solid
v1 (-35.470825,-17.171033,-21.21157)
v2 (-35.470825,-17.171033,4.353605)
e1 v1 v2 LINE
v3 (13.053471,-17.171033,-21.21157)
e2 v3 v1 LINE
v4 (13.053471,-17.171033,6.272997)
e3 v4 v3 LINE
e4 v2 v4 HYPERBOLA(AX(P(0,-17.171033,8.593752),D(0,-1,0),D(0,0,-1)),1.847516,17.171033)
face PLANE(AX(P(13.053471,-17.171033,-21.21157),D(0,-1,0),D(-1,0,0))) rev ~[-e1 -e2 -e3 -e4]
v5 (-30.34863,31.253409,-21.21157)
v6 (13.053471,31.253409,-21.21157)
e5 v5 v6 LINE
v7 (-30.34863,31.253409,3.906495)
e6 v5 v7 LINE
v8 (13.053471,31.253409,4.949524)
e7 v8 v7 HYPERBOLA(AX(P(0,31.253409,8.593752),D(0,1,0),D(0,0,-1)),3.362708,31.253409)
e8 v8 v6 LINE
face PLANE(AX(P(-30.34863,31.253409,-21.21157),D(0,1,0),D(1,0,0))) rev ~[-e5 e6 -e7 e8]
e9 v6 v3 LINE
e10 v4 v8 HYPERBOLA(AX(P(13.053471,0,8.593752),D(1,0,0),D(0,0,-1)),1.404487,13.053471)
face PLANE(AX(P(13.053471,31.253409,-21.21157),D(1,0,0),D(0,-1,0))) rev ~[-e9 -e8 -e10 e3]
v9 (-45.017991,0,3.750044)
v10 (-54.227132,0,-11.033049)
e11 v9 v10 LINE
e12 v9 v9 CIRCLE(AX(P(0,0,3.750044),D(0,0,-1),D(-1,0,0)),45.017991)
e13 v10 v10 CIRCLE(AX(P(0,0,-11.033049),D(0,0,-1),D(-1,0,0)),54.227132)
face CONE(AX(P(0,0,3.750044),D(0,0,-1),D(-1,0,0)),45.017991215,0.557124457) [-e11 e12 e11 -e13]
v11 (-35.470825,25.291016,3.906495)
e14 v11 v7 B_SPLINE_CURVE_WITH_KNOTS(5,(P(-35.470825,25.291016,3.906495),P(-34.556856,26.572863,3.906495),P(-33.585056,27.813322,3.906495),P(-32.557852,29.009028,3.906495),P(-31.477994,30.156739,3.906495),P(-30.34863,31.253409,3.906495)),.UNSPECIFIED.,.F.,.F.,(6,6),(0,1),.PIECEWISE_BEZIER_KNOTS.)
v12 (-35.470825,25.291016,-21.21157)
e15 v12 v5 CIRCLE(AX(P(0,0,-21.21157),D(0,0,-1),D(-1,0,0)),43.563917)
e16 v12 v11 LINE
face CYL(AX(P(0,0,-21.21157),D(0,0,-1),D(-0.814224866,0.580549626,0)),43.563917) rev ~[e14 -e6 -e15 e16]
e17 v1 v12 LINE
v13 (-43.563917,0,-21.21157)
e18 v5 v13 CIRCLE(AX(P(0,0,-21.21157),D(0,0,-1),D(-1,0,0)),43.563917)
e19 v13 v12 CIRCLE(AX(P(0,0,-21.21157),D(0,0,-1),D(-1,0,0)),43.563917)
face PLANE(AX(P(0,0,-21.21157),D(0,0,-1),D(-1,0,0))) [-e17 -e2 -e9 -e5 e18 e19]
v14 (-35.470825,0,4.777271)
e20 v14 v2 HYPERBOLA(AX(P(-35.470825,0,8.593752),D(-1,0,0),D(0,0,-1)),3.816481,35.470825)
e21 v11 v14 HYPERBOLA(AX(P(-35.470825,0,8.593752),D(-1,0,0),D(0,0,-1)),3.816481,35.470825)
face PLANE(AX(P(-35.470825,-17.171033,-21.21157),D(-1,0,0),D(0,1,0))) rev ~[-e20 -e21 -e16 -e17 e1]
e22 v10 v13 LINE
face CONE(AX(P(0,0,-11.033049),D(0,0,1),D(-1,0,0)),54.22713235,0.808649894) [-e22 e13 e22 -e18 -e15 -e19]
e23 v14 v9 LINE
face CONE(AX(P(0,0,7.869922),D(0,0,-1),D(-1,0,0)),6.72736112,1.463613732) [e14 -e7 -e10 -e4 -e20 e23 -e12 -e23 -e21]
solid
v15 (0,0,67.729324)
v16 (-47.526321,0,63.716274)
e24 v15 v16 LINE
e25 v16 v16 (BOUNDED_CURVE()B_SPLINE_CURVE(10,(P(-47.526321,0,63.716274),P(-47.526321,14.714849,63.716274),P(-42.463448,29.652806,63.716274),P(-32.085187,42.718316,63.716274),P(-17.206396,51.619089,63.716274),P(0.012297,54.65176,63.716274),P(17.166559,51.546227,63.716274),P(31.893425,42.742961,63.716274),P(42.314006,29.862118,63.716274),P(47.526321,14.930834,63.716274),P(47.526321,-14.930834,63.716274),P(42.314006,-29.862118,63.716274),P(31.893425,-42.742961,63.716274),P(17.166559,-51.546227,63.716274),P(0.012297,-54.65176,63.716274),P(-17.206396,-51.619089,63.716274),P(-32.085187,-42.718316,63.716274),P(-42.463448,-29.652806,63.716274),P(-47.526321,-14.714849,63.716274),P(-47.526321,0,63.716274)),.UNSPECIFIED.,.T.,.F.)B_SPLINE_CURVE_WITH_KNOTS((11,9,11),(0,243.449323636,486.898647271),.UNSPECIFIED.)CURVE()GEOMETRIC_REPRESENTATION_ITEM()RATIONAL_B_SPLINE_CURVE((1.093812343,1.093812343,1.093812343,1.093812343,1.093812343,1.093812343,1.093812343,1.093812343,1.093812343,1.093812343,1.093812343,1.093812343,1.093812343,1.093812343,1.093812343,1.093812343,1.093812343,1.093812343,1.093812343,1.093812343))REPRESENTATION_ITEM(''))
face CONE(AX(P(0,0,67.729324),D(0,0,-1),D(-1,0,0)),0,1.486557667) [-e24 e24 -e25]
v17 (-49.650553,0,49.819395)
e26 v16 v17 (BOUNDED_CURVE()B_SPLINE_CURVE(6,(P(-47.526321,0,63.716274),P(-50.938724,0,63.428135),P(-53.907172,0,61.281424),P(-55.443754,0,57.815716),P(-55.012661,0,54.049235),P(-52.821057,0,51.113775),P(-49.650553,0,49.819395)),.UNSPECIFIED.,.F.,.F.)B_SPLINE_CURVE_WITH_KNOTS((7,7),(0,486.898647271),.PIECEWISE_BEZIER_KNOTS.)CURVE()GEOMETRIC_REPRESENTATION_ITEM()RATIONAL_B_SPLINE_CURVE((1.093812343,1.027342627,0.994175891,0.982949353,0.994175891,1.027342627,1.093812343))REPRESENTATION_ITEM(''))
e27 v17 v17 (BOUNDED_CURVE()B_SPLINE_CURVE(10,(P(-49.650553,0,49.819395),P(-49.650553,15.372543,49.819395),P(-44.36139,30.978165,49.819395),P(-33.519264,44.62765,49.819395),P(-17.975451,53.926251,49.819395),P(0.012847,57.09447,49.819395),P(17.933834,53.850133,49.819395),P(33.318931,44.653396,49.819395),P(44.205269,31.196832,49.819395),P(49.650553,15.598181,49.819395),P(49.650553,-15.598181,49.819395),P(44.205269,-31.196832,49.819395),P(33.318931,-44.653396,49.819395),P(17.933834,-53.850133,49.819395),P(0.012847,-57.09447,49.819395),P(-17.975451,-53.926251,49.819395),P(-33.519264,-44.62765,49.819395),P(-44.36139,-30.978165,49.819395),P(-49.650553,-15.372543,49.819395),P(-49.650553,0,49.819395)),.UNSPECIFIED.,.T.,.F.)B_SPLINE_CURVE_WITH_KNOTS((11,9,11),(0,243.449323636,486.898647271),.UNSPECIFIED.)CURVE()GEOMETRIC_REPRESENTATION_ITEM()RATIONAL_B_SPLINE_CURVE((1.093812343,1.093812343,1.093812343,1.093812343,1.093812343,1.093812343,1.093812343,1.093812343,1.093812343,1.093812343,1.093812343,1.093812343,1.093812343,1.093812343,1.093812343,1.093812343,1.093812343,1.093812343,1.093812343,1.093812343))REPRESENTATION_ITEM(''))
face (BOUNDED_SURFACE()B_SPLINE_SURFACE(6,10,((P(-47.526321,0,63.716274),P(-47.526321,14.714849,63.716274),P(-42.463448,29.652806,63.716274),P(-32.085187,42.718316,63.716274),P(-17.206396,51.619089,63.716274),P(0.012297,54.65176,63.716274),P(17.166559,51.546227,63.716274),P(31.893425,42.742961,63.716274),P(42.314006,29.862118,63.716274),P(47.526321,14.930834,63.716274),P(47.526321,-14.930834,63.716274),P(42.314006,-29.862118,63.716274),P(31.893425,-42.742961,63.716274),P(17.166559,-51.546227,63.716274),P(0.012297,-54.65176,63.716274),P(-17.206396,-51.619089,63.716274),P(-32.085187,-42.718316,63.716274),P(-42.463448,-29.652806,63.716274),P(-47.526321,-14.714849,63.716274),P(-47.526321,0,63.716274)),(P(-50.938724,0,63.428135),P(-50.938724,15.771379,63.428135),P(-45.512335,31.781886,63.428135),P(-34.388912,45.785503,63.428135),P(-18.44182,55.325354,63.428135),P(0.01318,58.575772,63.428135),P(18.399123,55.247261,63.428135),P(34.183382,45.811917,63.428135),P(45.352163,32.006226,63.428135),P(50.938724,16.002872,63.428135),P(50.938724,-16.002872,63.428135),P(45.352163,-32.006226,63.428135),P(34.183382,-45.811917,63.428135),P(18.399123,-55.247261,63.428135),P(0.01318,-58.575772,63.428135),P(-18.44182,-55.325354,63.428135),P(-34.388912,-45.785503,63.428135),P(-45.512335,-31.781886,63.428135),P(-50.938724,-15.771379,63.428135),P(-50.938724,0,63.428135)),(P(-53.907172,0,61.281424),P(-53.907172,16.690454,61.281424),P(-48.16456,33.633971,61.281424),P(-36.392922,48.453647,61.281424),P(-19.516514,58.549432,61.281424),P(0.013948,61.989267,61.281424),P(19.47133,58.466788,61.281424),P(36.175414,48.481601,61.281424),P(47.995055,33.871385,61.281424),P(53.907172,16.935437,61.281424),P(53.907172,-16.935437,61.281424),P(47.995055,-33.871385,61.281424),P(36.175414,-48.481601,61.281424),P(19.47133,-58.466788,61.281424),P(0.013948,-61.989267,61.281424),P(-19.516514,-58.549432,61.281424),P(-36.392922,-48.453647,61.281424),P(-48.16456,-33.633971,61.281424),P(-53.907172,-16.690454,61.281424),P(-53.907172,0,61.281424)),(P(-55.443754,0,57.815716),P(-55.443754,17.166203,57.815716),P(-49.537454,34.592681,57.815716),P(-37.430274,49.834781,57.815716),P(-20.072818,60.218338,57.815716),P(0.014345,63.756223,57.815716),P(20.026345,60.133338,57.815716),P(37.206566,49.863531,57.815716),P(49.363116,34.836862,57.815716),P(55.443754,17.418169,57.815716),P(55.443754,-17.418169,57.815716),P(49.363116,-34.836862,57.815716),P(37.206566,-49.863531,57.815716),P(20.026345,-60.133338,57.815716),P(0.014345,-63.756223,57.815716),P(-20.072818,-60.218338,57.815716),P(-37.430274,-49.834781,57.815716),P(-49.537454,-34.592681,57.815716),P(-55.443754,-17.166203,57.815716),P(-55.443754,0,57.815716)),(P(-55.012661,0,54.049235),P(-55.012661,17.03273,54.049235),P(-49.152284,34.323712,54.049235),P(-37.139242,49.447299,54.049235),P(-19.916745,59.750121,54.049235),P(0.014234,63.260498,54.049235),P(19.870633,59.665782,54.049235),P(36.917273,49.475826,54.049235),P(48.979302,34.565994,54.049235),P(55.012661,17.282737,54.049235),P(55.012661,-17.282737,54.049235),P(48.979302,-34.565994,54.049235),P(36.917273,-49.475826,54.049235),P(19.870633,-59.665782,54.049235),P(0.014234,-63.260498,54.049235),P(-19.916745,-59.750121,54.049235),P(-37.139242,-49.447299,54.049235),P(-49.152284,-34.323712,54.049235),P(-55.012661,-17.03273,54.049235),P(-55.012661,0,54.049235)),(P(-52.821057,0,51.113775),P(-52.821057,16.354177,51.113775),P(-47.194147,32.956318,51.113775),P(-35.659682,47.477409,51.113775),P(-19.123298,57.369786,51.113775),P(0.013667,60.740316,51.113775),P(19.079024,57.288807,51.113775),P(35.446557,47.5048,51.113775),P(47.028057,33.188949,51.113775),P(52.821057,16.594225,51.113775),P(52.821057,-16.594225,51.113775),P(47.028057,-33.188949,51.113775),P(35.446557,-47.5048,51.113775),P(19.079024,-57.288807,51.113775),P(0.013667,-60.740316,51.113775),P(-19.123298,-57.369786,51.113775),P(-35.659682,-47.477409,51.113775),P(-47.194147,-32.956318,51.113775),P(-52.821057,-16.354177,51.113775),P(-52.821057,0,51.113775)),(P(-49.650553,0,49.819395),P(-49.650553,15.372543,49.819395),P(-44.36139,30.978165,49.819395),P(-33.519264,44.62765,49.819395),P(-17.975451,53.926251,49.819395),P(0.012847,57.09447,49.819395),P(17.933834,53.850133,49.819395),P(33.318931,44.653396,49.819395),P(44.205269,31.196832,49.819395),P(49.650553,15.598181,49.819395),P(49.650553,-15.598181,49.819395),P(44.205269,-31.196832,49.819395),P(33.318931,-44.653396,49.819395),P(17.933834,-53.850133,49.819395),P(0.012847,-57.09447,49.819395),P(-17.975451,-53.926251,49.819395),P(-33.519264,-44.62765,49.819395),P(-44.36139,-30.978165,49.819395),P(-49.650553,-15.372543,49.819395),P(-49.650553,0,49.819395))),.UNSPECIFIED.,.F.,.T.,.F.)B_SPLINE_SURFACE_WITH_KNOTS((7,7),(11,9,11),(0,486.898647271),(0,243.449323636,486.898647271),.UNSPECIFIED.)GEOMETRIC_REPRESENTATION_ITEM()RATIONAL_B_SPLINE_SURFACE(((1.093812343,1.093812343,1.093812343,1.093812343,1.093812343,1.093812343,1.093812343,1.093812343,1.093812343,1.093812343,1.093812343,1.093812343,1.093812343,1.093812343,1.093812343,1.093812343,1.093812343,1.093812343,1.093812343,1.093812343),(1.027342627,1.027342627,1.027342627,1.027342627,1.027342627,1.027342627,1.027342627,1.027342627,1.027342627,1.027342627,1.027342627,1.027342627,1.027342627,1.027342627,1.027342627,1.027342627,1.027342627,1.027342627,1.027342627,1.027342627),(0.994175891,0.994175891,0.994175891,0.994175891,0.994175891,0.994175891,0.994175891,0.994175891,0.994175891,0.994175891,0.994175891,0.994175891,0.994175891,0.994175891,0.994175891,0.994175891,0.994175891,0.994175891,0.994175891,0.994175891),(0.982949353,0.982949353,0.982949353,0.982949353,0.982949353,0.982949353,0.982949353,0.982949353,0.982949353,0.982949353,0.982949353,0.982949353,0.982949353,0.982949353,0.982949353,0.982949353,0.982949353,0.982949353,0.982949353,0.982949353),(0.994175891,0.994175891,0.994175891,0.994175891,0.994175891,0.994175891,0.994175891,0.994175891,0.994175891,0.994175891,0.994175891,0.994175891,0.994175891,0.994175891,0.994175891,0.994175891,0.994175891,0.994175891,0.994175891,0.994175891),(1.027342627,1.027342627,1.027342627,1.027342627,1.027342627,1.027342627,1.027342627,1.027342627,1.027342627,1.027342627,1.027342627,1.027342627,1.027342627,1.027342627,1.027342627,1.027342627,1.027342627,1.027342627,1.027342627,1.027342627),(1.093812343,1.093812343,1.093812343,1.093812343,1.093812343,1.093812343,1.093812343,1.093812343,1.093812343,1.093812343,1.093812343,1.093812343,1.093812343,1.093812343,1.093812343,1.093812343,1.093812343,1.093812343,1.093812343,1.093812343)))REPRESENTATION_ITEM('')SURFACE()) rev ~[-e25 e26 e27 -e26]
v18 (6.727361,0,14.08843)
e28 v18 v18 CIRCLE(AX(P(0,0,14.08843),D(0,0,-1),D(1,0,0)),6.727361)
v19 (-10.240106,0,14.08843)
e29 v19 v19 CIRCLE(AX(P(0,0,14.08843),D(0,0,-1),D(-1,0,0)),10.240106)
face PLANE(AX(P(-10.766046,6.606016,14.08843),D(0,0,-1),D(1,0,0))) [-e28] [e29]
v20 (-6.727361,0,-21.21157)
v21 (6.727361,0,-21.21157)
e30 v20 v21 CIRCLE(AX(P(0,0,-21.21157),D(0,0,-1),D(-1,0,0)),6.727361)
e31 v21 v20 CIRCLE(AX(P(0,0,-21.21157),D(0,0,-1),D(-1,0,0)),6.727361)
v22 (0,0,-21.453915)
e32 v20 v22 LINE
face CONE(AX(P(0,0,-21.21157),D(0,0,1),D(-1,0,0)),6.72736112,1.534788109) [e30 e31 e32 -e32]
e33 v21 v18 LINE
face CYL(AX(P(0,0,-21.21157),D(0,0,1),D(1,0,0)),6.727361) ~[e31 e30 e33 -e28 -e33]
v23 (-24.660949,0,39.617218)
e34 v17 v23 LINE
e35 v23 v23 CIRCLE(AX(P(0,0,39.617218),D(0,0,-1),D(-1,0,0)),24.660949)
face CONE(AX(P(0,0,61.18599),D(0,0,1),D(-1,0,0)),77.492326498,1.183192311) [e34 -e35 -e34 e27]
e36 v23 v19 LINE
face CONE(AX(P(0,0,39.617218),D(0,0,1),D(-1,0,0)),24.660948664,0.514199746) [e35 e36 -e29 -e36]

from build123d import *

# Parameters (mm, degrees)
F2_R     = 7.2294051774
F3_R     = 6.7273611203
F4_DEPTH = 35.3


with BuildPart() as f1:
    # F0 (on Front) → F1 (revolve)
    with BuildSketch(Plane.XZ):
        Polygon((-43.5639172792, -21.2115701288), (-6.7273611203, -21.2115701288), (0, -21.4539151639), (0, 67.7293241024), (-77.492326498, 61.1859895289), (-24.6609486639, 39.6172180772), (-6.7273611203, 7.8699216247), (-45.017991215, 3.7500439212), (-54.2271323502, -11.0330488533), align=None)
    revolve(axis=Axis((0, 0, 23.1377044693), (0, 0, -1)))

    # F2
    f2_edges = [f1.edges().sort_by_distance(p)[0] for p in [
        (77.492326, 0, 61.18599),
    ]]
    fillet(f2_edges, radius=F2_R)

    # F3 (on face) → F4 (cut, symmetric)
    with BuildSketch(Plane(origin=(0, 0, -21.2115701288), x_dir=(1, 0, 0), z_dir=(0, 0, -1))):
        with BuildLine():
            Line((-30.3486299041, -31.2534086406), (13.0534712225, -31.2534086406))
            Line((13.0534712225, -31.2534086406), (13.0534712225, 17.1710327268))
            Line((13.0534712225, 17.1710327268), (-35.4708246887, 17.1710327268))
            Line((-35.4708246887, 17.1710327268), (-35.4708246887, -25.2910158874))
            ThreePointArc((-35.4708246887, -25.2910158874), (-33.0444803645, -28.3879764364), (-30.3486299041, -31.2534086406))
        make_face()
        Circle(F3_R, mode=Mode.SUBTRACT)
    extrude(amount=F4_DEPTH, both=True, mode=Mode.SUBTRACT)


solid = f1.part
